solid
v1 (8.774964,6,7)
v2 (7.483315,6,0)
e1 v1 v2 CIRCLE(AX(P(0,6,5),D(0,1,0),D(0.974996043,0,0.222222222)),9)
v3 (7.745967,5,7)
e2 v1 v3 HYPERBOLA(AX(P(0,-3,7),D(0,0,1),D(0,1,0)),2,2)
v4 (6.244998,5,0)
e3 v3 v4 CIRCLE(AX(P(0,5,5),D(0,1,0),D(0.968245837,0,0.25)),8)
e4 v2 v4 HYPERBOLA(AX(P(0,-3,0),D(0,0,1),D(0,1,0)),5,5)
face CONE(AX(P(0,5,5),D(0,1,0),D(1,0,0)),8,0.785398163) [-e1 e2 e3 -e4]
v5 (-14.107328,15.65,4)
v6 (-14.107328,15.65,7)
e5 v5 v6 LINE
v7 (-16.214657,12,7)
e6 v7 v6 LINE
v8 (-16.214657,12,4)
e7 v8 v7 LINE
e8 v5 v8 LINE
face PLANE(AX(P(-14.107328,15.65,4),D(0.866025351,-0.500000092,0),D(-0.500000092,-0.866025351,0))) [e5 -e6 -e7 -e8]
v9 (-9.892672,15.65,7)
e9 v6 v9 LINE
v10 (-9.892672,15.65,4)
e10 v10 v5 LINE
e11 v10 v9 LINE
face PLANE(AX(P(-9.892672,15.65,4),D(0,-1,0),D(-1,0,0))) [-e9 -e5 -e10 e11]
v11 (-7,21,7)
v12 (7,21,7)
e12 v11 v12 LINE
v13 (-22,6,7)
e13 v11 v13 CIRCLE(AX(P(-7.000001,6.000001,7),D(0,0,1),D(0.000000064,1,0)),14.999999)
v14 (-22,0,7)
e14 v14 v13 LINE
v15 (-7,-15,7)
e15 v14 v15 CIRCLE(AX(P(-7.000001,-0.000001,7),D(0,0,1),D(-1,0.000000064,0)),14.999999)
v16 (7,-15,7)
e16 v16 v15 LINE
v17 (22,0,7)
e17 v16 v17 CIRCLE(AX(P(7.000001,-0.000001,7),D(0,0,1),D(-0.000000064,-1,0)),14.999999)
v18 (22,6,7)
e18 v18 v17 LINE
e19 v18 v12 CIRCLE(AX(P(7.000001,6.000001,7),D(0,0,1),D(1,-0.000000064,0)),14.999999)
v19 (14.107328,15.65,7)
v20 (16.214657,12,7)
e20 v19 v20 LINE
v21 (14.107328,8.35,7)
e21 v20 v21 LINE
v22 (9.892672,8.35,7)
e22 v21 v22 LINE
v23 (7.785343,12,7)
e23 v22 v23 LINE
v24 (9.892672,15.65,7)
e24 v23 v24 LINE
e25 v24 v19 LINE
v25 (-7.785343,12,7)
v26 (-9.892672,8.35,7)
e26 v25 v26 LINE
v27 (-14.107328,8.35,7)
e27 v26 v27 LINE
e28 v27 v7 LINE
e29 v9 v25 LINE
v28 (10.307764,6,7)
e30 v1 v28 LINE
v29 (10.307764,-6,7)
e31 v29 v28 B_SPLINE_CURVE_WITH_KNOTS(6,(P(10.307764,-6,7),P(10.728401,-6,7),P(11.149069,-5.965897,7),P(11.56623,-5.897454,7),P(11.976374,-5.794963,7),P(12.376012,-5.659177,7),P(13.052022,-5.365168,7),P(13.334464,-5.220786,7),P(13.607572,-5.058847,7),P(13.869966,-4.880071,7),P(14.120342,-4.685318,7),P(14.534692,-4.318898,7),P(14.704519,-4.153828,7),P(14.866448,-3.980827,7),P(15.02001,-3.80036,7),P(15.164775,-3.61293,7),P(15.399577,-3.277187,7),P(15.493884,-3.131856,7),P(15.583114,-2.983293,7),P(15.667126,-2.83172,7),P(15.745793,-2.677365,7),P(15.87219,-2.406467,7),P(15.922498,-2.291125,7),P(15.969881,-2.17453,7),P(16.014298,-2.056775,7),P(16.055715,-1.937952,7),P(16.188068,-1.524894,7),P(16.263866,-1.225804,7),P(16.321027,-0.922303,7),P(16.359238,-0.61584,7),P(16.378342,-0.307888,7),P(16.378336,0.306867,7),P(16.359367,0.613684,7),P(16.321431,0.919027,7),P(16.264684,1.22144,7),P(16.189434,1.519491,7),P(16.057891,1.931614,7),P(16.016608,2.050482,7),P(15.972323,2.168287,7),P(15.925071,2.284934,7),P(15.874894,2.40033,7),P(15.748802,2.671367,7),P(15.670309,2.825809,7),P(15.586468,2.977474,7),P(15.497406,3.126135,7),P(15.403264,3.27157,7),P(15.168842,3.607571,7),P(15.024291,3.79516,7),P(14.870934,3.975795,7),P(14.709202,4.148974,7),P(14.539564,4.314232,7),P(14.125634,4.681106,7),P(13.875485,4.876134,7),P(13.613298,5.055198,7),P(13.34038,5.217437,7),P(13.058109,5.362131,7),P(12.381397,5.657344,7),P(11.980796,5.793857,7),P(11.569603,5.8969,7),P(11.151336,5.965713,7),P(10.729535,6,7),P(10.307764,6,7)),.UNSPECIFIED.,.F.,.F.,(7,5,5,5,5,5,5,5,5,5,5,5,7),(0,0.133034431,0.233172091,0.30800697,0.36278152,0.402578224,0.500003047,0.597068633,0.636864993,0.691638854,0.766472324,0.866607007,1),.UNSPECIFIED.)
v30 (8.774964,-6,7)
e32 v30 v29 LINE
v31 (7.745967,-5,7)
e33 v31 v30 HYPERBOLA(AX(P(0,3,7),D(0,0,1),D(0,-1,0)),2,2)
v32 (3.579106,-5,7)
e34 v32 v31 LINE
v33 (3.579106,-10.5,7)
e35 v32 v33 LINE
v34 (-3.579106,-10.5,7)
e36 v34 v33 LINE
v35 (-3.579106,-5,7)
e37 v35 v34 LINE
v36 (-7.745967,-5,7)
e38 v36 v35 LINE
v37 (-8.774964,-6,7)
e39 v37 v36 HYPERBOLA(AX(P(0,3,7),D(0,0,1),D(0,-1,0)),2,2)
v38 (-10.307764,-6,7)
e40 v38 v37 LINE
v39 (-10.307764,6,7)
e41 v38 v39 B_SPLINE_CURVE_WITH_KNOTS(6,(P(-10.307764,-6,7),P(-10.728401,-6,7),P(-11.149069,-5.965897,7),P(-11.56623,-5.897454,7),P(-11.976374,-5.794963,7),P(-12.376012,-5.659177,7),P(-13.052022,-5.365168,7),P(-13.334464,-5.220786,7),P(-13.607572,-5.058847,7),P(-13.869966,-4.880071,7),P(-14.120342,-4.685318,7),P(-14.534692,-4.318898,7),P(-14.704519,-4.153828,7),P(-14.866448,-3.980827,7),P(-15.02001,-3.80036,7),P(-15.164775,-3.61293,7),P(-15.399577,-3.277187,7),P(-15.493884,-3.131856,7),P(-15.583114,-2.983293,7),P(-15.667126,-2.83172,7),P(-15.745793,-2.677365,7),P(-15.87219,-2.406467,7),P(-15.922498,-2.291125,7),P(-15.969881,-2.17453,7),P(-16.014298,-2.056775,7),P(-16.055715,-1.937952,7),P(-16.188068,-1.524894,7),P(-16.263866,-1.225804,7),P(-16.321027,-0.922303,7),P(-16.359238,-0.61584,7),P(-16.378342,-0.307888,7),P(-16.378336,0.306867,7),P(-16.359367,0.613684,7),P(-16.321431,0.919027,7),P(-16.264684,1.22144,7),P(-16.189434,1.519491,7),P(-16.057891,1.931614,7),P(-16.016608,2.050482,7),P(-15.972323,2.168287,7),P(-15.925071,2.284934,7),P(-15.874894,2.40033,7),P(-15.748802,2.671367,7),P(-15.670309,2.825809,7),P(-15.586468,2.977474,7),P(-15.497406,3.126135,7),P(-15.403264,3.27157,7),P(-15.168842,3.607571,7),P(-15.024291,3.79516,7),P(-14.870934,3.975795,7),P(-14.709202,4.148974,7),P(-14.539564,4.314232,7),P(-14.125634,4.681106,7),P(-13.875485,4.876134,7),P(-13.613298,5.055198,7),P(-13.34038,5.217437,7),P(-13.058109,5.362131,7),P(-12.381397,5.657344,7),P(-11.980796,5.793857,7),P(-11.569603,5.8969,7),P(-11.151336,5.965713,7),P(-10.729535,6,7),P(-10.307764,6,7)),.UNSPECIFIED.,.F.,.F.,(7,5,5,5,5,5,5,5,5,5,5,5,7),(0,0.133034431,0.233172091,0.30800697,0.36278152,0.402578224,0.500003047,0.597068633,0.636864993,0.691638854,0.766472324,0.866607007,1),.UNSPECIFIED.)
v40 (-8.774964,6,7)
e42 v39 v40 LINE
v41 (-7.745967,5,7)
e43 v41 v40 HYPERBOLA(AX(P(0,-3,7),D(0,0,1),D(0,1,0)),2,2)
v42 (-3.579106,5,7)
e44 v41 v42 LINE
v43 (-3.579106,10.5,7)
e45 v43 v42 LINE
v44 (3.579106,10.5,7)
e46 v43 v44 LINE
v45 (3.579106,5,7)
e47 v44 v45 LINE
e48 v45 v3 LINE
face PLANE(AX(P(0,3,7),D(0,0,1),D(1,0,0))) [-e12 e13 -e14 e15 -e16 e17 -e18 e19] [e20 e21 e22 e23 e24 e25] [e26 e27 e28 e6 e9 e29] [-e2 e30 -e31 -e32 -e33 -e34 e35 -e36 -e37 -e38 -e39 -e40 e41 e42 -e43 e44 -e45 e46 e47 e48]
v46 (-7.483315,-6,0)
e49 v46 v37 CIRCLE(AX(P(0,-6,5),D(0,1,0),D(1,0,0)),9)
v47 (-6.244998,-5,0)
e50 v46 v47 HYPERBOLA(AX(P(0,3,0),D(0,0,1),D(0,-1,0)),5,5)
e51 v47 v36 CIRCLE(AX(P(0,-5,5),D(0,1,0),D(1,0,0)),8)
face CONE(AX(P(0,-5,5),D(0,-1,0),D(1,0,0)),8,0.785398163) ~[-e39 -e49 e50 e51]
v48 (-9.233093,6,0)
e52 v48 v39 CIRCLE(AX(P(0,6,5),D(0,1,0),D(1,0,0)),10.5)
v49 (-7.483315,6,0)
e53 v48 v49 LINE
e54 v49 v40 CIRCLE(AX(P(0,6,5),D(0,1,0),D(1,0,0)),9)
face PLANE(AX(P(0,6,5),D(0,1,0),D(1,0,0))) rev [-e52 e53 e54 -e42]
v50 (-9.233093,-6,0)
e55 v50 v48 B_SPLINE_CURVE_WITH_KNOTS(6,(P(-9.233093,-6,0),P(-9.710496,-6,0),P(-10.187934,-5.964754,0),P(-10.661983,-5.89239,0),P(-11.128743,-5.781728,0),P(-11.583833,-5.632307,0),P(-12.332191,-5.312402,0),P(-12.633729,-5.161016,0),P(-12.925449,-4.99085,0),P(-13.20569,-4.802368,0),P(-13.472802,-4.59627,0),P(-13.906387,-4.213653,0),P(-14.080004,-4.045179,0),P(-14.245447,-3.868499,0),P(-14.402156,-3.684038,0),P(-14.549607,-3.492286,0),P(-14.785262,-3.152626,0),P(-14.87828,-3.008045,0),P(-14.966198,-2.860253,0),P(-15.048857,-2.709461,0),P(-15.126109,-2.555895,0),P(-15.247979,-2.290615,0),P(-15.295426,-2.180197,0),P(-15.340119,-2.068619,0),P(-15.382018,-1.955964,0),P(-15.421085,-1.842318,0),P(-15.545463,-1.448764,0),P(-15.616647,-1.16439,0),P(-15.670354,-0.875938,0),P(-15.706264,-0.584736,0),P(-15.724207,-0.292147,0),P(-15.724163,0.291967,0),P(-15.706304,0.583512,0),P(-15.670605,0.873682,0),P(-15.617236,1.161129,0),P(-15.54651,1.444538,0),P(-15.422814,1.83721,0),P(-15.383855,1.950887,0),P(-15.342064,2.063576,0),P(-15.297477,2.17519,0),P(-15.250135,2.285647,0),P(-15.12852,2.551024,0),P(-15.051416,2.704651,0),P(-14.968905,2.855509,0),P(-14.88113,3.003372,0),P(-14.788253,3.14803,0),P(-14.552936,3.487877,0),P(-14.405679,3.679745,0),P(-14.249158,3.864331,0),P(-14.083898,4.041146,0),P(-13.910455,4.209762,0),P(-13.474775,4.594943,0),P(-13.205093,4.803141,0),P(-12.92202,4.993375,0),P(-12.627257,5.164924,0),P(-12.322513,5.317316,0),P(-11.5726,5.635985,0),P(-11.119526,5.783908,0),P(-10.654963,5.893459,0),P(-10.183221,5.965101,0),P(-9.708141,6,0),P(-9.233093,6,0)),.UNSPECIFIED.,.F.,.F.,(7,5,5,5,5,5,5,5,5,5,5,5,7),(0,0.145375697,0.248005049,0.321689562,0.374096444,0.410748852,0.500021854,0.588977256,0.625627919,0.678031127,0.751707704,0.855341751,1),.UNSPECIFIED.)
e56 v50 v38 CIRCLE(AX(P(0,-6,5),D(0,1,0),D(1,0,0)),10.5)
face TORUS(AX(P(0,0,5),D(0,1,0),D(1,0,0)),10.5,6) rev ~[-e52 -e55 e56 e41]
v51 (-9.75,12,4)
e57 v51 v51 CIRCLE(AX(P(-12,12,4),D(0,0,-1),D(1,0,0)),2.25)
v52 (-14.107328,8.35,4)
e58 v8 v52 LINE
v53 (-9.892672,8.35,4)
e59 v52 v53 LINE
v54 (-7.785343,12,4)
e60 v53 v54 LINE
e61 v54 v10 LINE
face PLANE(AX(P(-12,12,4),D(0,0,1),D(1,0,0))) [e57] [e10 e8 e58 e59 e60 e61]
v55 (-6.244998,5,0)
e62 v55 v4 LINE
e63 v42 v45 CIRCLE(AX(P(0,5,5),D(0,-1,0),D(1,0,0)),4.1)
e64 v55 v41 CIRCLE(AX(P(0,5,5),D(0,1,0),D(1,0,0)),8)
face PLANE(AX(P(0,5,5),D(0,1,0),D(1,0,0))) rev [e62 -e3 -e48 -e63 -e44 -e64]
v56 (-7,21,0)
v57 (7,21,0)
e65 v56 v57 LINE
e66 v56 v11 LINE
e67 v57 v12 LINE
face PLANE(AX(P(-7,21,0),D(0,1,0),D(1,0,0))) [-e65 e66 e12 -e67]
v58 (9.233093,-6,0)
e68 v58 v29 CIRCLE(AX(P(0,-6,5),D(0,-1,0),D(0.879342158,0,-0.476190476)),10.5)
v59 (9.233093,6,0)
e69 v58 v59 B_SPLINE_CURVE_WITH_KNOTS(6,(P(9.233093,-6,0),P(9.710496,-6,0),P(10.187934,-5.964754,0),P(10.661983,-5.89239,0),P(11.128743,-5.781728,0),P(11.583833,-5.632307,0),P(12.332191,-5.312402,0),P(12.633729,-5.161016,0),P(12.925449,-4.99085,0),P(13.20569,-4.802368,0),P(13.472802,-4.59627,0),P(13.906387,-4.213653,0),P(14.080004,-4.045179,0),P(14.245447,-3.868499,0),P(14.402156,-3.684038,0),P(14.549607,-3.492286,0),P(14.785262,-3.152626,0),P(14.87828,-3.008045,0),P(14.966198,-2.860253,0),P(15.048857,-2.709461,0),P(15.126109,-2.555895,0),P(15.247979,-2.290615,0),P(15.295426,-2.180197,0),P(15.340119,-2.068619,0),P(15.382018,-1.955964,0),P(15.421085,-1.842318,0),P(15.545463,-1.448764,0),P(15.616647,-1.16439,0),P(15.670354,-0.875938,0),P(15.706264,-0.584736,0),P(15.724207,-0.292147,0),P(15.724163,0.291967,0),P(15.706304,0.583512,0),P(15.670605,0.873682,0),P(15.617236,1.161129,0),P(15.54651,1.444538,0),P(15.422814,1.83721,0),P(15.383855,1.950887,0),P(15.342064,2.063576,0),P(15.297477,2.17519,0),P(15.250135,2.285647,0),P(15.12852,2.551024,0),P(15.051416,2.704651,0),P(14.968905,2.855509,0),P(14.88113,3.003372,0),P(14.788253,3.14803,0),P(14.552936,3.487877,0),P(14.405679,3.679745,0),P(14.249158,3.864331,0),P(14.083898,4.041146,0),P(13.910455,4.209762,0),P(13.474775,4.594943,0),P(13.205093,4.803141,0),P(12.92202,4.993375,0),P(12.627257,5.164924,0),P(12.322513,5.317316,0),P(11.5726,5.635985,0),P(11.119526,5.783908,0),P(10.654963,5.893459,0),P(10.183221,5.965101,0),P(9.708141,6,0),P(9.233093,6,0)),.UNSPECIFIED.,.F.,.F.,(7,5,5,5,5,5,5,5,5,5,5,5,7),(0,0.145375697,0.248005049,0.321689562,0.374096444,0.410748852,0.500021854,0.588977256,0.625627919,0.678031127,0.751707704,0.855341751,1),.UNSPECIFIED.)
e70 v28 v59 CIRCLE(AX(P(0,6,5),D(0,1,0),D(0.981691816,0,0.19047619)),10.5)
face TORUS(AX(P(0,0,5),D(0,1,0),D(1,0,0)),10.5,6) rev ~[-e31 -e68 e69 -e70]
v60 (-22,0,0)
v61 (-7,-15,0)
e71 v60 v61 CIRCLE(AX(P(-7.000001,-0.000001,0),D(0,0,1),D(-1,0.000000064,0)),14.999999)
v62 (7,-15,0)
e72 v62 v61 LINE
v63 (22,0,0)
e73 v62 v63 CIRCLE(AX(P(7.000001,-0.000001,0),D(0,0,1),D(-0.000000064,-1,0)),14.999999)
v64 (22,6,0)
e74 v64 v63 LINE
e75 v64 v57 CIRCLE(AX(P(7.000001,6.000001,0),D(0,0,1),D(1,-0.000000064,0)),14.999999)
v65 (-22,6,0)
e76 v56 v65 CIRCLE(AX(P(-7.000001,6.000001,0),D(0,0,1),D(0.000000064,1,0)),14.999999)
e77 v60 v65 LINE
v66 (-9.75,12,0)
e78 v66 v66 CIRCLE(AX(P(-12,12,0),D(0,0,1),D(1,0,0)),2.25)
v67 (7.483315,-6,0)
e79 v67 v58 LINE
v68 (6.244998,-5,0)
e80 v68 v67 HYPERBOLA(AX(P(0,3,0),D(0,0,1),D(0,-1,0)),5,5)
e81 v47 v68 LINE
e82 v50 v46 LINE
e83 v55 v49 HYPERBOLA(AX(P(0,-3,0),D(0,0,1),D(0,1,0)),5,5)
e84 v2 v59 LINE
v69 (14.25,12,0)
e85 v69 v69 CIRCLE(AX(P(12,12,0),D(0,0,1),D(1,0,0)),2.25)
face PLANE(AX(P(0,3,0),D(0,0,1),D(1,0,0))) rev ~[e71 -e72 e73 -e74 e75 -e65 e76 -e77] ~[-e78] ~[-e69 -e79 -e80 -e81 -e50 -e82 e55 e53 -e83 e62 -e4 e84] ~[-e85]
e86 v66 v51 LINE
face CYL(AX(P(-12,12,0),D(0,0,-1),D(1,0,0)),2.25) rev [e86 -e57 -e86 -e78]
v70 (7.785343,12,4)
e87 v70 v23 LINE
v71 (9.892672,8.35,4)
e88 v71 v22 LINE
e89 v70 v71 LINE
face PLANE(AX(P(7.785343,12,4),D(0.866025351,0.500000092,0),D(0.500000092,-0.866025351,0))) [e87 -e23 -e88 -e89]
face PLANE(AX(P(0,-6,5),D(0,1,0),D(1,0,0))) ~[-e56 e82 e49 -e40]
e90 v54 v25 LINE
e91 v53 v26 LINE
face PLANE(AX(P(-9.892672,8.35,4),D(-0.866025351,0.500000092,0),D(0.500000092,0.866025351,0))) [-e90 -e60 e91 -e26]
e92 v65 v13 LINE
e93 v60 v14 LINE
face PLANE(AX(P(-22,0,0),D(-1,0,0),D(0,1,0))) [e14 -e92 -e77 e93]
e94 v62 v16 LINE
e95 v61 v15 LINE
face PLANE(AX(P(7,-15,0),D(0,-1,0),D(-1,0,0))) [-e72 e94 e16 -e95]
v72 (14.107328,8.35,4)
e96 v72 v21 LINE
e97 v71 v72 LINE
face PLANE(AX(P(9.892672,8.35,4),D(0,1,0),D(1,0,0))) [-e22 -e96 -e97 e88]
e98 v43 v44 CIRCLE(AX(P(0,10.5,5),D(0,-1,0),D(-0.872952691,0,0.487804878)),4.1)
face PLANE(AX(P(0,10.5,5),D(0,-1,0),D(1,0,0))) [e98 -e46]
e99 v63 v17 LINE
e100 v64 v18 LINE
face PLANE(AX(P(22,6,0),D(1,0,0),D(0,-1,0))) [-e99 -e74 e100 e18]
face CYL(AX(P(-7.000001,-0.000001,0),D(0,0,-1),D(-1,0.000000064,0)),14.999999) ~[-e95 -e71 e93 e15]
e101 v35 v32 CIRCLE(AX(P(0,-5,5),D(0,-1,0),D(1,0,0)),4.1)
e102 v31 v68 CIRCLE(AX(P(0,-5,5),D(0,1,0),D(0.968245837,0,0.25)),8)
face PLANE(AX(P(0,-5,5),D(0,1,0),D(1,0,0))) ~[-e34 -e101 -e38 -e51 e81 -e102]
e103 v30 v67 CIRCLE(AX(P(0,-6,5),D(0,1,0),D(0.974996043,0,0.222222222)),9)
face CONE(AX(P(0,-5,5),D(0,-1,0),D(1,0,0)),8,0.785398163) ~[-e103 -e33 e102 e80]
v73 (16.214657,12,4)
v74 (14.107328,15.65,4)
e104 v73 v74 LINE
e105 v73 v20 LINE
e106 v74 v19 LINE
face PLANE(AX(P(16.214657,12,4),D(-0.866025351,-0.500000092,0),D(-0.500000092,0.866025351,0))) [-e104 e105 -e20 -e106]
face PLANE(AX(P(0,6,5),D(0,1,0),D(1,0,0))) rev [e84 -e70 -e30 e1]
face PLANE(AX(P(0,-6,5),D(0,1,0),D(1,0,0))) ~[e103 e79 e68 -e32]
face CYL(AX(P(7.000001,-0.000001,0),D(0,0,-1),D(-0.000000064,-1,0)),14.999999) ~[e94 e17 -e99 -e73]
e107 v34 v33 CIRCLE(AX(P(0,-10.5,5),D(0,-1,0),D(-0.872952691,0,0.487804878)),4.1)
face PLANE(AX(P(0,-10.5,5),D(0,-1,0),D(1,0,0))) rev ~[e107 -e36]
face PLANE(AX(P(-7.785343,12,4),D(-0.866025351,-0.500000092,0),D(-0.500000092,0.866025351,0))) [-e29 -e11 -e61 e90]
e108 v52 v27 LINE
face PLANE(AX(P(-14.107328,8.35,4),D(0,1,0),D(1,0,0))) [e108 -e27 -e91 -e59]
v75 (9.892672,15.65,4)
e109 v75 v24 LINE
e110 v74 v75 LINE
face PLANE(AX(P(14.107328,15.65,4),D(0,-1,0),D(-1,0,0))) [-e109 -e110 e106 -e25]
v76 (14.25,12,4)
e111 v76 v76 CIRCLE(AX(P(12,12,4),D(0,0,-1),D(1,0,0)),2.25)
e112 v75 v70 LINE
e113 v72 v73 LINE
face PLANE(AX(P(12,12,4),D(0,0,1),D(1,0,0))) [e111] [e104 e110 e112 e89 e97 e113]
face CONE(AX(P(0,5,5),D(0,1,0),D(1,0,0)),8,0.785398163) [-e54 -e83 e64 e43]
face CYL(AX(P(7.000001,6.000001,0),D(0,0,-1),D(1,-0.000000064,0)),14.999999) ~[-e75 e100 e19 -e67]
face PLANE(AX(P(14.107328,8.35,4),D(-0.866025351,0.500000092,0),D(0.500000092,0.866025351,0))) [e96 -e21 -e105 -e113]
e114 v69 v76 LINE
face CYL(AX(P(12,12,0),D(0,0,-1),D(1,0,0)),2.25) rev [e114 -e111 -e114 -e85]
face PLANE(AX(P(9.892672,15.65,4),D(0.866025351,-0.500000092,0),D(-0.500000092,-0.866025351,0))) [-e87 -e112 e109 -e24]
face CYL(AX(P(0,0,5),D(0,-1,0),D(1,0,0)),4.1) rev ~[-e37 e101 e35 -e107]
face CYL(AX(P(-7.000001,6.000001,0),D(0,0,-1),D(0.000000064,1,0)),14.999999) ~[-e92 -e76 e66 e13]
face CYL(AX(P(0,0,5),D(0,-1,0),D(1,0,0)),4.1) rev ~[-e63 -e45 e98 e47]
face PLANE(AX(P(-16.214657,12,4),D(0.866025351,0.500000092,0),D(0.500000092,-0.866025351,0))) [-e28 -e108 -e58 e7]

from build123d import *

# Parameters (mm, degrees)
PAD_DEPTH       = 7
SKETCH002_R     = 4.1
POCKET001_DEPTH = 10.5
SKETCH003_R     = 2.25
HOLE_DEPTH      = 7.001
POCKET002_DEPTH = 3.001


with BuildPart() as part:
    # Sketch001 → Pad (new body)
    with BuildSketch(Plane.XY):
        with BuildLine():
            ThreePointArc((-7, 21), (-17.606602, 16.606602), (-22, 6))
            Line((-22, 0), (-22, 6))
            ThreePointArc((-22, 0), (-17.606602, -10.606602), (-7, -15))
            Line((7, -15), (-7, -15))
            ThreePointArc((7, -15), (17.606602, -10.606602), (22, 0))
            Line((22, 6), (22, 0))
            ThreePointArc((22, 6), (17.606602, 16.606602), (7, 21))
            Line((-7, 21), (7, 21))
        make_face()
    extrude(amount=PAD_DEPTH)

    # Sketch002 → Pocket001 (cut, symmetric)
    with BuildSketch(Plane.XZ):
        with Locations((0, 5)):
            Circle(SKETCH002_R)
    extrude(amount=POCKET001_DEPTH, both=True, mode=Mode.SUBTRACT)

    # Sketch003 → Hole (cut, through all)
    with BuildSketch(Plane(origin=(12, 12, 0), x_dir=(1, 0, 0), z_dir=(0, 0, 1))):
        Circle(SKETCH003_R)
        with Locations((-24, 0)):
            Circle(SKETCH003_R)
    extrude(amount=HOLE_DEPTH, mode=Mode.SUBTRACT)

    # Sketch004 (on Sketch) → Pocket002 (cut, through all)
    with BuildSketch(Plane(origin=(12, 12, 4), x_dir=(1, 0, 0), z_dir=(0, 0, 1))):
        Polygon((4.214657, 0), (2.107328, 3.65), (-2.107328, 3.65), (-4.214657, 0), (-2.107328, -3.65), (2.107328, -3.65), align=None)
        Polygon((-19.785343, 0), (-21.892672, 3.65), (-26.107328, 3.65), (-28.214657, 0), (-26.107328, -3.65), (-21.892672, -3.65), align=None)
    extrude(amount=POCKET002_DEPTH, mode=Mode.SUBTRACT)

    # Sketch → Groove (revolve, cut)
    with BuildSketch(Plane.XY.offset(5)):
        with BuildLine():
            ThreePointArc((10.5, -6), (16.5, 0), (10.5, 6))
            Line((9, 6), (10.5, 6))
            Line((8, 5), (9, 6))
            Line((0, 5), (8, 5))
            Line((0, 5), (0, -5))
            Line((0, -5), (8, -5))
            Line((8, -5), (9, -6))
            Line((9, -6), (10.5, -6))
        make_face()
    revolve(axis=Axis((0, 0, 5), (0, 1, 0)), mode=Mode.SUBTRACT)


solid = part.part
